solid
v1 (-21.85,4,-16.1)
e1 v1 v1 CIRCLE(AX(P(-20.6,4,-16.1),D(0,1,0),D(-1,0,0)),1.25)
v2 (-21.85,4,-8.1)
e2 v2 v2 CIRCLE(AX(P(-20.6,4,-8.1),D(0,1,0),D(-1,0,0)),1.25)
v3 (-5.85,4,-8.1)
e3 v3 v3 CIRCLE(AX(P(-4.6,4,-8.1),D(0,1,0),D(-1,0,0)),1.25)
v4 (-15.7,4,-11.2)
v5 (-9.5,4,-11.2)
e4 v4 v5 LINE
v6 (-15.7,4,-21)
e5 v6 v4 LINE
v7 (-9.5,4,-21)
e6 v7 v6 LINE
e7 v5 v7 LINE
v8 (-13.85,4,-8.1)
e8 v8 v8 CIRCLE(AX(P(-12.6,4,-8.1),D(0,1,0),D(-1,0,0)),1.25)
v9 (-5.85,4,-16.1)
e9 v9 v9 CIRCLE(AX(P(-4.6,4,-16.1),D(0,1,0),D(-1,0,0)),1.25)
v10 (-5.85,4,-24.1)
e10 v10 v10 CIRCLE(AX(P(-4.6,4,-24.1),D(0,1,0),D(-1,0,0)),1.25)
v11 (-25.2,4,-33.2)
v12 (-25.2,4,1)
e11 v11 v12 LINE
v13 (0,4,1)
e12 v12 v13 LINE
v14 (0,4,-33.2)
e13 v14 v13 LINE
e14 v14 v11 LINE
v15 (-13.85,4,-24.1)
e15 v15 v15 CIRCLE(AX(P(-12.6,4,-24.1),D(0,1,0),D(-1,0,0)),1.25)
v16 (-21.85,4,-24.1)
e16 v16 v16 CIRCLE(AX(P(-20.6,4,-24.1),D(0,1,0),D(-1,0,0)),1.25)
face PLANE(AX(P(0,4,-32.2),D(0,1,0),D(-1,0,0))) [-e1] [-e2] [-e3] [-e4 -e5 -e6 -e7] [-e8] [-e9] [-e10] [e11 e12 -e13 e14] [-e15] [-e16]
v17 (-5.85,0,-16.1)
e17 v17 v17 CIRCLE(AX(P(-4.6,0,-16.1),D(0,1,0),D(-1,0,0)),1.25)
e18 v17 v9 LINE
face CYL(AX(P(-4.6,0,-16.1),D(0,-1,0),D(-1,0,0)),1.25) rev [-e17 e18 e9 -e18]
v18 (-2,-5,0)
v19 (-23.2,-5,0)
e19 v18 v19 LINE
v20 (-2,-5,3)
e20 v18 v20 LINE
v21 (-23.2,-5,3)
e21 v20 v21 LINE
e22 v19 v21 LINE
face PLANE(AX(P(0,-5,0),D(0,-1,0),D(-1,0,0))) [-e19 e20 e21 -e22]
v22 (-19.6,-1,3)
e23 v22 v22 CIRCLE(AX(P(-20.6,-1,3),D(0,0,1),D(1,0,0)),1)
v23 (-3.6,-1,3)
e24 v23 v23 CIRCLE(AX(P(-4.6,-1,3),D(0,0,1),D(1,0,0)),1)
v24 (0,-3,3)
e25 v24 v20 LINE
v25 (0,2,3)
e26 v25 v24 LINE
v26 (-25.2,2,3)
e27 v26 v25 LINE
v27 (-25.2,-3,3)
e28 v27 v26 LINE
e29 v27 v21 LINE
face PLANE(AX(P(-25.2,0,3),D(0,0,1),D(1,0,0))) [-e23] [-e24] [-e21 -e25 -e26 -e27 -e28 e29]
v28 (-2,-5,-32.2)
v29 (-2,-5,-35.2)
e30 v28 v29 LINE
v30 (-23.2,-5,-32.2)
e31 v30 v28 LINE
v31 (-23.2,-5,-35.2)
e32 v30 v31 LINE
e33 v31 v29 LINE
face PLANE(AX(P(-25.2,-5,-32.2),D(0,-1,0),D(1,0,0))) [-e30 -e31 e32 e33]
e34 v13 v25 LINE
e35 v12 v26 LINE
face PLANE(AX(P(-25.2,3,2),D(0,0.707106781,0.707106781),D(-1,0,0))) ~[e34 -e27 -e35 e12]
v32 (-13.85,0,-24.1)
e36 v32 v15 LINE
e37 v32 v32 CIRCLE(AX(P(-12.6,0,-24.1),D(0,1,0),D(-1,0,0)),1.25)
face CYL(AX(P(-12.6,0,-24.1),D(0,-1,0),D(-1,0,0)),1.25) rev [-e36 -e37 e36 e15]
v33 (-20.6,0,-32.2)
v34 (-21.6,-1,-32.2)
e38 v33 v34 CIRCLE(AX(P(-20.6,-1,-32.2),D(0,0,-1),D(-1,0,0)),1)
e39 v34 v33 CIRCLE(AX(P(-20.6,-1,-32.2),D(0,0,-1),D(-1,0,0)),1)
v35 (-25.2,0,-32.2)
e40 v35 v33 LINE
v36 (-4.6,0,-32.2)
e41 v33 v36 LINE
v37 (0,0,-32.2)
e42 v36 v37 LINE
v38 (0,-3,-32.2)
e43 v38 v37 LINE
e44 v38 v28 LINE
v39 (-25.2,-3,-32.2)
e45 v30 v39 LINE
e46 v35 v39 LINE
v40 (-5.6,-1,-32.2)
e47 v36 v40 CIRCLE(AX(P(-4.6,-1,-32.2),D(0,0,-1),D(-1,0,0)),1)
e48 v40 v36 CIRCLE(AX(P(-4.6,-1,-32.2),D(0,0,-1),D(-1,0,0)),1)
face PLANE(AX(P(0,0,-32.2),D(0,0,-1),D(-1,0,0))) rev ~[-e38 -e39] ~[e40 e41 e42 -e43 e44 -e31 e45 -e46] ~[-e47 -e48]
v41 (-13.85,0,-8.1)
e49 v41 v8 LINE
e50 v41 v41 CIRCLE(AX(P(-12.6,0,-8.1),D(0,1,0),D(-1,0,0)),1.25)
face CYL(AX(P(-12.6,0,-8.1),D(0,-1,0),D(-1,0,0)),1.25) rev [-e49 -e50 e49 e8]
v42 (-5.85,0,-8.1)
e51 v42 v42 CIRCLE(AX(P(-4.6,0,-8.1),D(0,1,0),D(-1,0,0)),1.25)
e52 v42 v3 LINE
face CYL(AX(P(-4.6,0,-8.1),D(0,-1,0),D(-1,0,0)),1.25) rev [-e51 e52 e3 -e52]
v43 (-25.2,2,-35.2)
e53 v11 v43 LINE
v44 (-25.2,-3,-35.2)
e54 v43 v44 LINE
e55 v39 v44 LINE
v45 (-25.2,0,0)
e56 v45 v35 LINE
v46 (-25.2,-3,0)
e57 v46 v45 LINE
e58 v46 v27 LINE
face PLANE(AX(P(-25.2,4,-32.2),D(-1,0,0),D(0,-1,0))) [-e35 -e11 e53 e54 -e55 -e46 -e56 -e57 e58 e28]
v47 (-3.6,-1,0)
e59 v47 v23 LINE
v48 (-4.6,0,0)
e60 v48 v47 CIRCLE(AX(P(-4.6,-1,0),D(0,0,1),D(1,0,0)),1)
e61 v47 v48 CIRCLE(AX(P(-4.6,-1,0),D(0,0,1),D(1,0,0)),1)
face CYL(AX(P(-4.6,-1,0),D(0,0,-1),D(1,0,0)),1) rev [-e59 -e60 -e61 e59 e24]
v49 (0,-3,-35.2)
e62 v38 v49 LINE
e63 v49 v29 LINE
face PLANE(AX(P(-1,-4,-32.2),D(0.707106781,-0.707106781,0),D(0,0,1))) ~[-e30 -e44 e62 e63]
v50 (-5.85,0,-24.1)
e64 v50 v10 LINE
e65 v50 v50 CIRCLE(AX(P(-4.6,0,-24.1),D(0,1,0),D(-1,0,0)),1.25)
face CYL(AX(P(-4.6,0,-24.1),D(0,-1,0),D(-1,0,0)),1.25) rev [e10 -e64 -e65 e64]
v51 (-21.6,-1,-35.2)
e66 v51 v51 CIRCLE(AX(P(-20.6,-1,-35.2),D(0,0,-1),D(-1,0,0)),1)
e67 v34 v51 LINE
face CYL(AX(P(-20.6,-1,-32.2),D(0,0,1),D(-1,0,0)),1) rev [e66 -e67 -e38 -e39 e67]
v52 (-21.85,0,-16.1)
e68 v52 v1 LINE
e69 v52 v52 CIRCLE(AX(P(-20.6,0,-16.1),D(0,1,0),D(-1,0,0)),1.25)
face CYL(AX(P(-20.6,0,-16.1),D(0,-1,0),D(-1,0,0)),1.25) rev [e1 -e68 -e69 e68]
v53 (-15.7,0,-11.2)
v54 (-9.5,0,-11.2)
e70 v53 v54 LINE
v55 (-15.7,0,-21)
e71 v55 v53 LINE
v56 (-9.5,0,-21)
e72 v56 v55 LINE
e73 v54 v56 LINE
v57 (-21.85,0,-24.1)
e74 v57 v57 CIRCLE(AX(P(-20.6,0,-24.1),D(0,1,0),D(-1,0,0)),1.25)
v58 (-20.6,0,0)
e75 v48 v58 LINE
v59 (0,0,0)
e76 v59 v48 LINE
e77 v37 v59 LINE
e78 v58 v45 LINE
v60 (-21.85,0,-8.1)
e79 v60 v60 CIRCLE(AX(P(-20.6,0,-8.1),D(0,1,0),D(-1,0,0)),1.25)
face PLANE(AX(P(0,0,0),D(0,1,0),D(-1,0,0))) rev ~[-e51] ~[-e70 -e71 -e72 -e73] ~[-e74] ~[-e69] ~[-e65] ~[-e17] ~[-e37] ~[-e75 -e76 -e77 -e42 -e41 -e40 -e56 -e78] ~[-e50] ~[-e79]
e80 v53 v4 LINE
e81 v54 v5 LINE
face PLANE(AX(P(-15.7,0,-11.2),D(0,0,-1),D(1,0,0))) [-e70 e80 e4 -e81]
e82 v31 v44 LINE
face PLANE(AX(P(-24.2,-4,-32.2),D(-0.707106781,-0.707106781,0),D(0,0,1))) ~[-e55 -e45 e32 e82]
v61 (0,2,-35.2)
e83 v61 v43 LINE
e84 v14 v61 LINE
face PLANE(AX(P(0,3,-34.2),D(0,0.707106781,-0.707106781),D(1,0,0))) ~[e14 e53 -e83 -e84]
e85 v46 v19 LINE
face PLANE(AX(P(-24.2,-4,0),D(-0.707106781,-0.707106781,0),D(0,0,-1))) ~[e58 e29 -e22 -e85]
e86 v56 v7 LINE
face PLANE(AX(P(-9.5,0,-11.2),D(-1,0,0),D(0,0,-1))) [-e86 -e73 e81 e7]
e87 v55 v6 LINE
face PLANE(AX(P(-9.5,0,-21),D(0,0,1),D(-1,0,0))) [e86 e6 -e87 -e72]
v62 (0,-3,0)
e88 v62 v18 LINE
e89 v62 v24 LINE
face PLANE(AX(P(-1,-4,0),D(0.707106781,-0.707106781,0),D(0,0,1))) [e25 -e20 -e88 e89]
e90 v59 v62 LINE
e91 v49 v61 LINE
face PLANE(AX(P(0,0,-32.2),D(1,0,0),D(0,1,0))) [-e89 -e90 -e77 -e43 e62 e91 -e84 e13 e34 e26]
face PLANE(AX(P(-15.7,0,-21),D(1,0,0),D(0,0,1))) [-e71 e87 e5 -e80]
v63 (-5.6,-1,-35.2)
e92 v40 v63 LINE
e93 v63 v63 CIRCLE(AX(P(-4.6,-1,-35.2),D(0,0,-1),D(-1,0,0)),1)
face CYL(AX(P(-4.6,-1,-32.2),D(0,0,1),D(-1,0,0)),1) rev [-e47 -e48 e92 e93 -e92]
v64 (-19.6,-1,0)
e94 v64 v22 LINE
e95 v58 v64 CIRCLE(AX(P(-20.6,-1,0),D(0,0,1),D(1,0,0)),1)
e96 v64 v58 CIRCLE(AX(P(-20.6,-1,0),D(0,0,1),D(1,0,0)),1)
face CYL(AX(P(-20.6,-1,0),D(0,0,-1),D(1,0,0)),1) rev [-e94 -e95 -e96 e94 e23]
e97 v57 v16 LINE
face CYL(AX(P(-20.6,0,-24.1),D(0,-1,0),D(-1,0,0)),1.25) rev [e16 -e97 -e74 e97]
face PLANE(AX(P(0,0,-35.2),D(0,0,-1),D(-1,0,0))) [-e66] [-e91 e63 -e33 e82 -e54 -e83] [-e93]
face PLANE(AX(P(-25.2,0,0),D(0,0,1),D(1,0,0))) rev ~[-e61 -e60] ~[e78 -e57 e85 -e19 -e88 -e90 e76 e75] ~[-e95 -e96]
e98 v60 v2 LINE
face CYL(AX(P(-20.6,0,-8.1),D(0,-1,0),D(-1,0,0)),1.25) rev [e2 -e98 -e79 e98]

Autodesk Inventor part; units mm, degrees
ref_plane "YZ Plane" through (0, 0, 0) normal (1, 0, 0) x (0, 1, 0)
ref_plane "XZ Plane" through (0, 0, 0) normal (0, 1, 0) x (-1, 0, 0)
ref_plane "XY Plane" through (0, 0, 0) normal (0, 0, 1) x (1, 0, 0)
sketch "Sketch1" plane through (0, 0, 0) normal (0, 1, 0) x (-1, 0, 0)
  line L0 (0, 0) -> (25.2, 0)
  line L1 (25.2, 0) -> (25.2, -32.2)
  line L2 (25.2, -32.2) -> (0, -32.2)
  line L3 (0, -32.2) -> (0, 0)
  line L4 (15.7, -11.2) -> (9.5, -11.2)
  line L5 (9.5, -11.2) -> (9.5, -21)
  line L6 (9.5, -21) -> (15.7, -21)
  line L7 (15.7, -21) -> (15.7, -11.2)
  circle A0 centre (20.6, -8.1) radius 1.25
  circle A1 centre (20.6, -16.1) radius 1.25
  circle A2 centre (20.6, -24.1) radius 1.25
  circle A3 centre (12.6, -8.1) radius 1.25
  circle A4 centre (12.6, -16.1) radius 1.25
  circle A5 centre (12.6, -24.1) radius 1.25
  circle A6 centre (4.6, -8.1) radius 1.25
  circle A7 centre (4.6, -16.1) radius 1.25
  circle A8 centre (4.6, -24.1) radius 1.25
  dimension "d0" = 25.2
  dimension "d1" = 32.2
  dimension "d2" = 9.5
  dimension "d3" = 9.5
  dimension "d4" = 11.2
  dimension "d5" = 11.2
  dimension "d6" = 2.5
  dimension "d9" = 8
  dimension "d12" = 8
  dimension "d15" = 4.6
  dimension "d16" = 4.6
  dimension "d17" = 16.1
  dimension "d18" = 16.1
extrude "Extrusion1" add sketch "Sketch1" along normal blind 4 contours L0 L1 L2 L3
sketch "Sketch2" plane through (-25.2, 0, 0) normal (0, 0, 1) x (1, 0, 0)
  line L0 (0, 0) -> (0, 4) projected
  line L1 (0, 4) -> (25.2, 4)
  line L2 (25.2, 4) -> (25.2, -5)
  line L3 (25.2, -5) -> (0, -5)
  line L4 (0, -5) -> (0, 4)
  circle A0 centre (4.6, -1) radius 1
  circle A1 centre (20.6, -1) radius 1
  point P0 (25.2, 0)
  dimension "d21" = 9
  dimension "d22" = 25.2
  dimension "d23" = 2
  dimension "d24" = 2
  dimension "d25" = 4.6
  dimension "d26" = 4.6
  dimension "d27" = 5
  dimension "d28" = 5
extrude "Extrusion2" add sketch "Sketch2" along normal blind 3
sketch "Sketch3" plane through (0, 0, -32.2) normal (0, 0, -1) x (-1, 0, 0)
  line L0 (0, 0) -> (0, 4)
  line L1 (0, 4) -> (25.2, 4)
  line L2 (25.2, 4) -> (25.2, -5)
  line L3 (25.2, -5) -> (0, -5)
  line L4 (0, -5) -> (0, 4)
  circle A0 centre (4.6, -1) radius 1
  circle A1 centre (20.6, -1) radius 1
  point P0 (25.2, 0)
  dimension "d31" = 9
  dimension "d32" = 25.2
  dimension "d33" = 2
  dimension "d34" = 2
  dimension "d35" = 4.6
  dimension "d36" = 4.6
  dimension "d37" = 5
  dimension "d38" = 5
extrude "Extrusion3" add sketch "Sketch3" along normal blind 3
chamfer "Chamfer1" distance 2 angle 45 6 edges at (-12.6, 4, -35.2) (-12.6, 4, 3) (0, -5, 1.5) (-25.2, -5, 1.5) (-25.2, -5, -33.7) (0, -5, -33.7)
equation "\"d3\" = d2"
equation "\"d5\" = d4"
equation "\"d15\" = d16"
equation "\"d17\" = d18"
equation "\"d24\" = d23"
equation "\"d26\" = d25"
equation "\"d28\" = d27"
equation "\"d34\" = d33"
equation "\"d36\" = d35"
equation "\"d38\" = d37"
properties part number "fixation_ax12" material "ABS Plastic"
